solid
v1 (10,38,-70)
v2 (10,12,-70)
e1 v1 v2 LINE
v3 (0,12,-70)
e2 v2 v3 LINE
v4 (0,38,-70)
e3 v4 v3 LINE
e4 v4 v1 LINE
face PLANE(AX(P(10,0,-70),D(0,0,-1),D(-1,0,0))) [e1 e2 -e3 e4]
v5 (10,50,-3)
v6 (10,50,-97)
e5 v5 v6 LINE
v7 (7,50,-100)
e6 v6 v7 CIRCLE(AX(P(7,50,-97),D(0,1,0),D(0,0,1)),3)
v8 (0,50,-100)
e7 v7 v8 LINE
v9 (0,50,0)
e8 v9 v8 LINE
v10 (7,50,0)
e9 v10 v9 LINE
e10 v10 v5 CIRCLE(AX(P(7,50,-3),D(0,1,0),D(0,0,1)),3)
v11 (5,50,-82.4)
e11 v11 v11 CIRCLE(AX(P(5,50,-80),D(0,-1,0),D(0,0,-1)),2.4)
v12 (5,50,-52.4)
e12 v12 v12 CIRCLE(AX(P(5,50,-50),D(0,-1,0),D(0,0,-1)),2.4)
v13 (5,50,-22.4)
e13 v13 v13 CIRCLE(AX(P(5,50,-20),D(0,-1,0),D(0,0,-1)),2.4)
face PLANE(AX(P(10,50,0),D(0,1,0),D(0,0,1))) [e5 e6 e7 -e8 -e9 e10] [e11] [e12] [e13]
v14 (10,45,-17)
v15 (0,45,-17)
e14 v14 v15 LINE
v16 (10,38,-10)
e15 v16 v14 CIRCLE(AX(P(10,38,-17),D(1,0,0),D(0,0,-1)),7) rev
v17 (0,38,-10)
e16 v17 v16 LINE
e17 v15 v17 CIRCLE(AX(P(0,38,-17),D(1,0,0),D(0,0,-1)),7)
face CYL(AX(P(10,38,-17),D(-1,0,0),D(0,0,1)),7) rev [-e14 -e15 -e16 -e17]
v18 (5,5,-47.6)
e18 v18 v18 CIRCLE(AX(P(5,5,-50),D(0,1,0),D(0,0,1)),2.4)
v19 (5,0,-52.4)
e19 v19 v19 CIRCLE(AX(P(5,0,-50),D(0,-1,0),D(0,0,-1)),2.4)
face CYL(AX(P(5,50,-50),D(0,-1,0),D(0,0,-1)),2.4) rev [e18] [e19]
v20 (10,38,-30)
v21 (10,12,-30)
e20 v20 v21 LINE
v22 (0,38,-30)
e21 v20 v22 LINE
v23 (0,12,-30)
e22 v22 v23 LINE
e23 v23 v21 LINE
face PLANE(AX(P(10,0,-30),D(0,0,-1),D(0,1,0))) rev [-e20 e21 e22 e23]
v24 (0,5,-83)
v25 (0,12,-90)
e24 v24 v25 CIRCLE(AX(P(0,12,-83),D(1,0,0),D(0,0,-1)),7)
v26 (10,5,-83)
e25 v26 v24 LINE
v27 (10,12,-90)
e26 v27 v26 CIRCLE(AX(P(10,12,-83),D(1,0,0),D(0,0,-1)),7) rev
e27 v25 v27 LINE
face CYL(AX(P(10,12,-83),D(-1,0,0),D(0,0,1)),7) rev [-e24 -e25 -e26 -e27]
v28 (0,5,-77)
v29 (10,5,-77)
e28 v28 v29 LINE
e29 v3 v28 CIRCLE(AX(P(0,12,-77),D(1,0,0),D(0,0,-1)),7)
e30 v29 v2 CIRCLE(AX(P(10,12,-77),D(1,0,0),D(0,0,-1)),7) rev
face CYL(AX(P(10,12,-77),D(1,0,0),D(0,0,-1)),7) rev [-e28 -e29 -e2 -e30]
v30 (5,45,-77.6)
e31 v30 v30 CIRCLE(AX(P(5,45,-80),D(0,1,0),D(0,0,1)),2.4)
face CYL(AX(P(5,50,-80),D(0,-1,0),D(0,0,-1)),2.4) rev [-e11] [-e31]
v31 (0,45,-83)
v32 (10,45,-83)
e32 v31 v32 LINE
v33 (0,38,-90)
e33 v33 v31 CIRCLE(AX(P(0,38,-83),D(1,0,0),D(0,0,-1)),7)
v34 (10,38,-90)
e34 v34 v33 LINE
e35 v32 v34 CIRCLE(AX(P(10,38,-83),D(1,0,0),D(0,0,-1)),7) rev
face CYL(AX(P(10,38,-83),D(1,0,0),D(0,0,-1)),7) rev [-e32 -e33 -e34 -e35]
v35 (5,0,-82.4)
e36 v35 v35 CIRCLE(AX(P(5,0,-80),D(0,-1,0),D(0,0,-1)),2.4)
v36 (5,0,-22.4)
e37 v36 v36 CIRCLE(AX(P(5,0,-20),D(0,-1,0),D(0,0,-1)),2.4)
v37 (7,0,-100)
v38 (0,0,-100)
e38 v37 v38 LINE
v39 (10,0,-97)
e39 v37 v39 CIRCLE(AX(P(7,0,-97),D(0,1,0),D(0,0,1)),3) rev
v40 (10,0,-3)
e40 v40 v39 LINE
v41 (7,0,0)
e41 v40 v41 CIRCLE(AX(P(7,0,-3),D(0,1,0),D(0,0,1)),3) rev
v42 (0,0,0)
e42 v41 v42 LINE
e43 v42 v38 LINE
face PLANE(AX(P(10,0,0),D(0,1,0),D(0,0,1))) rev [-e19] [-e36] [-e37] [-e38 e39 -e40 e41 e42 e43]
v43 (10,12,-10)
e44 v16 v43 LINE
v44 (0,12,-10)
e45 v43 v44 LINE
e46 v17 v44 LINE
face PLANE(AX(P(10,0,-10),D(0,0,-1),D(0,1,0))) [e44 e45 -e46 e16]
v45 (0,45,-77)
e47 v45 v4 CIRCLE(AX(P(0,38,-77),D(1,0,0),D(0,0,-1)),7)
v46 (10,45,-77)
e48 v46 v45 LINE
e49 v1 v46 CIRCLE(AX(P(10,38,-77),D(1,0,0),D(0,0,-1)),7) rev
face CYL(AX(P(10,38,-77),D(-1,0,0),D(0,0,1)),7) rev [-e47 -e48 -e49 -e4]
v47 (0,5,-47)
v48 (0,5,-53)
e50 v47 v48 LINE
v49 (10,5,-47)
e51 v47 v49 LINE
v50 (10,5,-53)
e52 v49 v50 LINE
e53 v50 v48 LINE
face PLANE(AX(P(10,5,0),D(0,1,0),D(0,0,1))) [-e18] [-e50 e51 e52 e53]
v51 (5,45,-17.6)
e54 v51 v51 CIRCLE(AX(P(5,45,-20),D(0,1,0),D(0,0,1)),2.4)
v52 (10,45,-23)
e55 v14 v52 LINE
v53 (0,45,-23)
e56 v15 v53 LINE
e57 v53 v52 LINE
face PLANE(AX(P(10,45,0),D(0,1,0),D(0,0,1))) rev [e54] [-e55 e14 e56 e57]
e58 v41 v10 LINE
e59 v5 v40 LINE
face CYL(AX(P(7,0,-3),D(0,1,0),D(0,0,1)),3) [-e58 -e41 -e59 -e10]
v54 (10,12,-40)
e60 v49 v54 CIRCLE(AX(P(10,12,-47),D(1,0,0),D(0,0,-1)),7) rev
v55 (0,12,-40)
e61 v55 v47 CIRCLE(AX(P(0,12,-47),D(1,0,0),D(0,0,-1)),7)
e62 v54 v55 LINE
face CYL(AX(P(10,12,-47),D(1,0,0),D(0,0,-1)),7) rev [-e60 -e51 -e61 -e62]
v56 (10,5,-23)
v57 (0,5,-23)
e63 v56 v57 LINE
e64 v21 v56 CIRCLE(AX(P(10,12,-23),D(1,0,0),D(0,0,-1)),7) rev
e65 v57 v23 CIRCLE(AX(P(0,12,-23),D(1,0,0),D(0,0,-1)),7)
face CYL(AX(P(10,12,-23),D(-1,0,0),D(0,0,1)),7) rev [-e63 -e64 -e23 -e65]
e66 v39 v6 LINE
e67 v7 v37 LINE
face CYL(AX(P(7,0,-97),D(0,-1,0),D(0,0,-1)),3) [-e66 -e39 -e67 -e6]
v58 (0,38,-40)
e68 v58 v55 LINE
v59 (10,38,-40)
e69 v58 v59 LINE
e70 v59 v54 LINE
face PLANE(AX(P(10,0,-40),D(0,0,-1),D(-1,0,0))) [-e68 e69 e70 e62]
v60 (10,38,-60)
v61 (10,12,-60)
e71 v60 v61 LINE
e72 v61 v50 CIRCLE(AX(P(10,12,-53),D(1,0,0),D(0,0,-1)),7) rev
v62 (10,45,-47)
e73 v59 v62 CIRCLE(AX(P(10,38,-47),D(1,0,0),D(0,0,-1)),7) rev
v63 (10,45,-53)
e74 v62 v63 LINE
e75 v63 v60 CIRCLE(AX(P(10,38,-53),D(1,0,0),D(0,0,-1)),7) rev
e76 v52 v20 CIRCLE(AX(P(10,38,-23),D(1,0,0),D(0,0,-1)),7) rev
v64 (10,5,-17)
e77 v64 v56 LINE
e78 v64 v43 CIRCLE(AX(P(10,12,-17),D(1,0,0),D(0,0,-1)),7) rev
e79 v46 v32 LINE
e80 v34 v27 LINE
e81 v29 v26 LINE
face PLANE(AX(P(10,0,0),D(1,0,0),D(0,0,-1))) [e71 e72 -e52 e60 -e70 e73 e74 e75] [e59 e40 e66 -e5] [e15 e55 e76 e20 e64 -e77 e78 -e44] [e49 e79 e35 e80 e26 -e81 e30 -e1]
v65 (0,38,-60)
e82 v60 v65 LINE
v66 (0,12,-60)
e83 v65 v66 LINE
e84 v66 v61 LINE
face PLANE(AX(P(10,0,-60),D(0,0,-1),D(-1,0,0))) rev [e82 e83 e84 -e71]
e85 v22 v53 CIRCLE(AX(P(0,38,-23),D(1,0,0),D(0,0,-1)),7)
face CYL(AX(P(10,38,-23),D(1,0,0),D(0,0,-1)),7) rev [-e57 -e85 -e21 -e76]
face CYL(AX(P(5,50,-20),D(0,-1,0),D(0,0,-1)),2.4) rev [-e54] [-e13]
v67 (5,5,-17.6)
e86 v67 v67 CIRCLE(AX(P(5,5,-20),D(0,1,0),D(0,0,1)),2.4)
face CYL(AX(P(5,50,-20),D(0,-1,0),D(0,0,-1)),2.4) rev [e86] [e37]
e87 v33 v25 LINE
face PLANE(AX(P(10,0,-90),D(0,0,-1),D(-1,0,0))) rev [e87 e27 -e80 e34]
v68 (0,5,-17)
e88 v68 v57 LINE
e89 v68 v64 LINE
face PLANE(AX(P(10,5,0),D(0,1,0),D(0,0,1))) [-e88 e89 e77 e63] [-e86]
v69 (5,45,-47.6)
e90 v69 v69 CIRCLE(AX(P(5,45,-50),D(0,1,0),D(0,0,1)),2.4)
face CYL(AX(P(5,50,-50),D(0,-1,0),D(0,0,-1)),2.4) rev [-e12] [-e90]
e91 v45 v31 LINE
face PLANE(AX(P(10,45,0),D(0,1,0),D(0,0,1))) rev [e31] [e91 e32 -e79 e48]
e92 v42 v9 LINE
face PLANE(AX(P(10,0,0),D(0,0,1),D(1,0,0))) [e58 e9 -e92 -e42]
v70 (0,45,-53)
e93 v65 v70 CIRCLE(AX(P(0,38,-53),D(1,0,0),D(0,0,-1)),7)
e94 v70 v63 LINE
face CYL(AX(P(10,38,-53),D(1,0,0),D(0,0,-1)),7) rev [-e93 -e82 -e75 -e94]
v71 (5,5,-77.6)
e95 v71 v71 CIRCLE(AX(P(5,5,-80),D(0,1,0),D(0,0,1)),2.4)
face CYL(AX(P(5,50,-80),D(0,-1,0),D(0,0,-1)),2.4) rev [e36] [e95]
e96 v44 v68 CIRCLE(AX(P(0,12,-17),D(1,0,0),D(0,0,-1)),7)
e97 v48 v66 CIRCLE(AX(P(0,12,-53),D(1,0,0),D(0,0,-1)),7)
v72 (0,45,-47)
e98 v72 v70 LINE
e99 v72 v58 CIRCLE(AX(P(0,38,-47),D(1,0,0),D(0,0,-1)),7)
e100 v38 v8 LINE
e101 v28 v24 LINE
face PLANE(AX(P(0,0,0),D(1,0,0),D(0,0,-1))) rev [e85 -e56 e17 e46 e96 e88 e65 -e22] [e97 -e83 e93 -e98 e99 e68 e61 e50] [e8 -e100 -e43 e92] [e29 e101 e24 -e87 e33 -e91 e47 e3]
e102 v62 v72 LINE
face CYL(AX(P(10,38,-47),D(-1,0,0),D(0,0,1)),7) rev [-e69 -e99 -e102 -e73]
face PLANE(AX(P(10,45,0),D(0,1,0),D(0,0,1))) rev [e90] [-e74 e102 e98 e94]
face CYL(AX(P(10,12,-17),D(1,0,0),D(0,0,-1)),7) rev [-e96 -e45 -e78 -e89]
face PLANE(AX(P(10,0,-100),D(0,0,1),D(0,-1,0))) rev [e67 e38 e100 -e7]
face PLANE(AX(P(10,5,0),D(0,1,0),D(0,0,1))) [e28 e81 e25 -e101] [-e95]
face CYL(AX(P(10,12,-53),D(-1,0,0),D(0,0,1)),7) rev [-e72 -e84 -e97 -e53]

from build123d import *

# Parameters (mm, degrees)
ESQUISSE1_W             = 100
ESQUISSE1_H             = 50
ESQUISSE1_W_2           = 80
ESQUISSE1_H_2           = 40
ESQUISSE1_W_3           = 10
BOSS_EXTRU_1_DEPTH      = 10
ESQUISSE2_R             = 2.4
ENL_V_MAT_EXTRU_1_DEPTH = 113.249721603
CONG_1_R                = 7
CONG_2_R                = 3


with BuildPart() as part:
    # Esquisse1 → Boss.-Extru.1 (new body)
    # profile 1 of 3: a face of its own
    with BuildSketch(Plane(origin=(0, 0, 0), x_dir=(0, 0, -1), z_dir=(1, 0, 0))):
        with Locations((50, 25)):
            Rectangle(ESQUISSE1_W, ESQUISSE1_H)
        with Locations((50, 25)):
            Rectangle(ESQUISSE1_W_2, ESQUISSE1_H_2, mode=Mode.SUBTRACT)
    # profile 2 of 3: a face of its own
    with BuildSketch(Plane(origin=(0, 0, 0), x_dir=(0, 0, -1), z_dir=(1, 0, 0))):
        with Locations((65, 25)):
            Rectangle(ESQUISSE1_W_3, ESQUISSE1_H_2)
    # profile 3 of 3: a face of its own
    with BuildSketch(Plane(origin=(0, 0, 0), x_dir=(0, 0, -1), z_dir=(1, 0, 0))):
        with Locations((35, 25)):
            Rectangle(ESQUISSE1_W_3, ESQUISSE1_H_2)
    extrude(amount=BOSS_EXTRU_1_DEPTH)

    # Esquisse2 → Enlèv. mat.-Extru.1 (cut, through all)
    with BuildSketch(Plane.XZ):
        with Locations(Location((5, -20, 0), (0, 0, 270))):
            Circle(ESQUISSE2_R)
        with Locations(Location((5, -50, 0), (0, 0, 270))):
            Circle(ESQUISSE2_R)
        with Locations(Location((5, -80, 0), (0, 0, 270))):
            Circle(ESQUISSE2_R)
    extrude(amount=-ENL_V_MAT_EXTRU_1_DEPTH, mode=Mode.SUBTRACT)

    # Congé1
    cong_1_edges = [part.edges().sort_by_distance(p)[0] for p in [
        (5, 5, -30),
        (5, 45, -30),
        (5, 45, -10),
        (5, 5, -10),
        (5, 5, -90),
        (5, 45, -90),
        (5, 45, -70),
        (5, 5, -70),
        (5, 5, -60),
        (5, 45, -60),
        (5, 45, -40),
        (5, 5, -40),
    ]]
    fillet(cong_1_edges, radius=CONG_1_R)

    # Congé2
    cong_2_edges = [part.edges().sort_by_distance(p)[0] for p in [
        (10, 25, 0),
        (10, 25, -100),
    ]]
    fillet(cong_2_edges, radius=CONG_2_R)


solid = part.part
